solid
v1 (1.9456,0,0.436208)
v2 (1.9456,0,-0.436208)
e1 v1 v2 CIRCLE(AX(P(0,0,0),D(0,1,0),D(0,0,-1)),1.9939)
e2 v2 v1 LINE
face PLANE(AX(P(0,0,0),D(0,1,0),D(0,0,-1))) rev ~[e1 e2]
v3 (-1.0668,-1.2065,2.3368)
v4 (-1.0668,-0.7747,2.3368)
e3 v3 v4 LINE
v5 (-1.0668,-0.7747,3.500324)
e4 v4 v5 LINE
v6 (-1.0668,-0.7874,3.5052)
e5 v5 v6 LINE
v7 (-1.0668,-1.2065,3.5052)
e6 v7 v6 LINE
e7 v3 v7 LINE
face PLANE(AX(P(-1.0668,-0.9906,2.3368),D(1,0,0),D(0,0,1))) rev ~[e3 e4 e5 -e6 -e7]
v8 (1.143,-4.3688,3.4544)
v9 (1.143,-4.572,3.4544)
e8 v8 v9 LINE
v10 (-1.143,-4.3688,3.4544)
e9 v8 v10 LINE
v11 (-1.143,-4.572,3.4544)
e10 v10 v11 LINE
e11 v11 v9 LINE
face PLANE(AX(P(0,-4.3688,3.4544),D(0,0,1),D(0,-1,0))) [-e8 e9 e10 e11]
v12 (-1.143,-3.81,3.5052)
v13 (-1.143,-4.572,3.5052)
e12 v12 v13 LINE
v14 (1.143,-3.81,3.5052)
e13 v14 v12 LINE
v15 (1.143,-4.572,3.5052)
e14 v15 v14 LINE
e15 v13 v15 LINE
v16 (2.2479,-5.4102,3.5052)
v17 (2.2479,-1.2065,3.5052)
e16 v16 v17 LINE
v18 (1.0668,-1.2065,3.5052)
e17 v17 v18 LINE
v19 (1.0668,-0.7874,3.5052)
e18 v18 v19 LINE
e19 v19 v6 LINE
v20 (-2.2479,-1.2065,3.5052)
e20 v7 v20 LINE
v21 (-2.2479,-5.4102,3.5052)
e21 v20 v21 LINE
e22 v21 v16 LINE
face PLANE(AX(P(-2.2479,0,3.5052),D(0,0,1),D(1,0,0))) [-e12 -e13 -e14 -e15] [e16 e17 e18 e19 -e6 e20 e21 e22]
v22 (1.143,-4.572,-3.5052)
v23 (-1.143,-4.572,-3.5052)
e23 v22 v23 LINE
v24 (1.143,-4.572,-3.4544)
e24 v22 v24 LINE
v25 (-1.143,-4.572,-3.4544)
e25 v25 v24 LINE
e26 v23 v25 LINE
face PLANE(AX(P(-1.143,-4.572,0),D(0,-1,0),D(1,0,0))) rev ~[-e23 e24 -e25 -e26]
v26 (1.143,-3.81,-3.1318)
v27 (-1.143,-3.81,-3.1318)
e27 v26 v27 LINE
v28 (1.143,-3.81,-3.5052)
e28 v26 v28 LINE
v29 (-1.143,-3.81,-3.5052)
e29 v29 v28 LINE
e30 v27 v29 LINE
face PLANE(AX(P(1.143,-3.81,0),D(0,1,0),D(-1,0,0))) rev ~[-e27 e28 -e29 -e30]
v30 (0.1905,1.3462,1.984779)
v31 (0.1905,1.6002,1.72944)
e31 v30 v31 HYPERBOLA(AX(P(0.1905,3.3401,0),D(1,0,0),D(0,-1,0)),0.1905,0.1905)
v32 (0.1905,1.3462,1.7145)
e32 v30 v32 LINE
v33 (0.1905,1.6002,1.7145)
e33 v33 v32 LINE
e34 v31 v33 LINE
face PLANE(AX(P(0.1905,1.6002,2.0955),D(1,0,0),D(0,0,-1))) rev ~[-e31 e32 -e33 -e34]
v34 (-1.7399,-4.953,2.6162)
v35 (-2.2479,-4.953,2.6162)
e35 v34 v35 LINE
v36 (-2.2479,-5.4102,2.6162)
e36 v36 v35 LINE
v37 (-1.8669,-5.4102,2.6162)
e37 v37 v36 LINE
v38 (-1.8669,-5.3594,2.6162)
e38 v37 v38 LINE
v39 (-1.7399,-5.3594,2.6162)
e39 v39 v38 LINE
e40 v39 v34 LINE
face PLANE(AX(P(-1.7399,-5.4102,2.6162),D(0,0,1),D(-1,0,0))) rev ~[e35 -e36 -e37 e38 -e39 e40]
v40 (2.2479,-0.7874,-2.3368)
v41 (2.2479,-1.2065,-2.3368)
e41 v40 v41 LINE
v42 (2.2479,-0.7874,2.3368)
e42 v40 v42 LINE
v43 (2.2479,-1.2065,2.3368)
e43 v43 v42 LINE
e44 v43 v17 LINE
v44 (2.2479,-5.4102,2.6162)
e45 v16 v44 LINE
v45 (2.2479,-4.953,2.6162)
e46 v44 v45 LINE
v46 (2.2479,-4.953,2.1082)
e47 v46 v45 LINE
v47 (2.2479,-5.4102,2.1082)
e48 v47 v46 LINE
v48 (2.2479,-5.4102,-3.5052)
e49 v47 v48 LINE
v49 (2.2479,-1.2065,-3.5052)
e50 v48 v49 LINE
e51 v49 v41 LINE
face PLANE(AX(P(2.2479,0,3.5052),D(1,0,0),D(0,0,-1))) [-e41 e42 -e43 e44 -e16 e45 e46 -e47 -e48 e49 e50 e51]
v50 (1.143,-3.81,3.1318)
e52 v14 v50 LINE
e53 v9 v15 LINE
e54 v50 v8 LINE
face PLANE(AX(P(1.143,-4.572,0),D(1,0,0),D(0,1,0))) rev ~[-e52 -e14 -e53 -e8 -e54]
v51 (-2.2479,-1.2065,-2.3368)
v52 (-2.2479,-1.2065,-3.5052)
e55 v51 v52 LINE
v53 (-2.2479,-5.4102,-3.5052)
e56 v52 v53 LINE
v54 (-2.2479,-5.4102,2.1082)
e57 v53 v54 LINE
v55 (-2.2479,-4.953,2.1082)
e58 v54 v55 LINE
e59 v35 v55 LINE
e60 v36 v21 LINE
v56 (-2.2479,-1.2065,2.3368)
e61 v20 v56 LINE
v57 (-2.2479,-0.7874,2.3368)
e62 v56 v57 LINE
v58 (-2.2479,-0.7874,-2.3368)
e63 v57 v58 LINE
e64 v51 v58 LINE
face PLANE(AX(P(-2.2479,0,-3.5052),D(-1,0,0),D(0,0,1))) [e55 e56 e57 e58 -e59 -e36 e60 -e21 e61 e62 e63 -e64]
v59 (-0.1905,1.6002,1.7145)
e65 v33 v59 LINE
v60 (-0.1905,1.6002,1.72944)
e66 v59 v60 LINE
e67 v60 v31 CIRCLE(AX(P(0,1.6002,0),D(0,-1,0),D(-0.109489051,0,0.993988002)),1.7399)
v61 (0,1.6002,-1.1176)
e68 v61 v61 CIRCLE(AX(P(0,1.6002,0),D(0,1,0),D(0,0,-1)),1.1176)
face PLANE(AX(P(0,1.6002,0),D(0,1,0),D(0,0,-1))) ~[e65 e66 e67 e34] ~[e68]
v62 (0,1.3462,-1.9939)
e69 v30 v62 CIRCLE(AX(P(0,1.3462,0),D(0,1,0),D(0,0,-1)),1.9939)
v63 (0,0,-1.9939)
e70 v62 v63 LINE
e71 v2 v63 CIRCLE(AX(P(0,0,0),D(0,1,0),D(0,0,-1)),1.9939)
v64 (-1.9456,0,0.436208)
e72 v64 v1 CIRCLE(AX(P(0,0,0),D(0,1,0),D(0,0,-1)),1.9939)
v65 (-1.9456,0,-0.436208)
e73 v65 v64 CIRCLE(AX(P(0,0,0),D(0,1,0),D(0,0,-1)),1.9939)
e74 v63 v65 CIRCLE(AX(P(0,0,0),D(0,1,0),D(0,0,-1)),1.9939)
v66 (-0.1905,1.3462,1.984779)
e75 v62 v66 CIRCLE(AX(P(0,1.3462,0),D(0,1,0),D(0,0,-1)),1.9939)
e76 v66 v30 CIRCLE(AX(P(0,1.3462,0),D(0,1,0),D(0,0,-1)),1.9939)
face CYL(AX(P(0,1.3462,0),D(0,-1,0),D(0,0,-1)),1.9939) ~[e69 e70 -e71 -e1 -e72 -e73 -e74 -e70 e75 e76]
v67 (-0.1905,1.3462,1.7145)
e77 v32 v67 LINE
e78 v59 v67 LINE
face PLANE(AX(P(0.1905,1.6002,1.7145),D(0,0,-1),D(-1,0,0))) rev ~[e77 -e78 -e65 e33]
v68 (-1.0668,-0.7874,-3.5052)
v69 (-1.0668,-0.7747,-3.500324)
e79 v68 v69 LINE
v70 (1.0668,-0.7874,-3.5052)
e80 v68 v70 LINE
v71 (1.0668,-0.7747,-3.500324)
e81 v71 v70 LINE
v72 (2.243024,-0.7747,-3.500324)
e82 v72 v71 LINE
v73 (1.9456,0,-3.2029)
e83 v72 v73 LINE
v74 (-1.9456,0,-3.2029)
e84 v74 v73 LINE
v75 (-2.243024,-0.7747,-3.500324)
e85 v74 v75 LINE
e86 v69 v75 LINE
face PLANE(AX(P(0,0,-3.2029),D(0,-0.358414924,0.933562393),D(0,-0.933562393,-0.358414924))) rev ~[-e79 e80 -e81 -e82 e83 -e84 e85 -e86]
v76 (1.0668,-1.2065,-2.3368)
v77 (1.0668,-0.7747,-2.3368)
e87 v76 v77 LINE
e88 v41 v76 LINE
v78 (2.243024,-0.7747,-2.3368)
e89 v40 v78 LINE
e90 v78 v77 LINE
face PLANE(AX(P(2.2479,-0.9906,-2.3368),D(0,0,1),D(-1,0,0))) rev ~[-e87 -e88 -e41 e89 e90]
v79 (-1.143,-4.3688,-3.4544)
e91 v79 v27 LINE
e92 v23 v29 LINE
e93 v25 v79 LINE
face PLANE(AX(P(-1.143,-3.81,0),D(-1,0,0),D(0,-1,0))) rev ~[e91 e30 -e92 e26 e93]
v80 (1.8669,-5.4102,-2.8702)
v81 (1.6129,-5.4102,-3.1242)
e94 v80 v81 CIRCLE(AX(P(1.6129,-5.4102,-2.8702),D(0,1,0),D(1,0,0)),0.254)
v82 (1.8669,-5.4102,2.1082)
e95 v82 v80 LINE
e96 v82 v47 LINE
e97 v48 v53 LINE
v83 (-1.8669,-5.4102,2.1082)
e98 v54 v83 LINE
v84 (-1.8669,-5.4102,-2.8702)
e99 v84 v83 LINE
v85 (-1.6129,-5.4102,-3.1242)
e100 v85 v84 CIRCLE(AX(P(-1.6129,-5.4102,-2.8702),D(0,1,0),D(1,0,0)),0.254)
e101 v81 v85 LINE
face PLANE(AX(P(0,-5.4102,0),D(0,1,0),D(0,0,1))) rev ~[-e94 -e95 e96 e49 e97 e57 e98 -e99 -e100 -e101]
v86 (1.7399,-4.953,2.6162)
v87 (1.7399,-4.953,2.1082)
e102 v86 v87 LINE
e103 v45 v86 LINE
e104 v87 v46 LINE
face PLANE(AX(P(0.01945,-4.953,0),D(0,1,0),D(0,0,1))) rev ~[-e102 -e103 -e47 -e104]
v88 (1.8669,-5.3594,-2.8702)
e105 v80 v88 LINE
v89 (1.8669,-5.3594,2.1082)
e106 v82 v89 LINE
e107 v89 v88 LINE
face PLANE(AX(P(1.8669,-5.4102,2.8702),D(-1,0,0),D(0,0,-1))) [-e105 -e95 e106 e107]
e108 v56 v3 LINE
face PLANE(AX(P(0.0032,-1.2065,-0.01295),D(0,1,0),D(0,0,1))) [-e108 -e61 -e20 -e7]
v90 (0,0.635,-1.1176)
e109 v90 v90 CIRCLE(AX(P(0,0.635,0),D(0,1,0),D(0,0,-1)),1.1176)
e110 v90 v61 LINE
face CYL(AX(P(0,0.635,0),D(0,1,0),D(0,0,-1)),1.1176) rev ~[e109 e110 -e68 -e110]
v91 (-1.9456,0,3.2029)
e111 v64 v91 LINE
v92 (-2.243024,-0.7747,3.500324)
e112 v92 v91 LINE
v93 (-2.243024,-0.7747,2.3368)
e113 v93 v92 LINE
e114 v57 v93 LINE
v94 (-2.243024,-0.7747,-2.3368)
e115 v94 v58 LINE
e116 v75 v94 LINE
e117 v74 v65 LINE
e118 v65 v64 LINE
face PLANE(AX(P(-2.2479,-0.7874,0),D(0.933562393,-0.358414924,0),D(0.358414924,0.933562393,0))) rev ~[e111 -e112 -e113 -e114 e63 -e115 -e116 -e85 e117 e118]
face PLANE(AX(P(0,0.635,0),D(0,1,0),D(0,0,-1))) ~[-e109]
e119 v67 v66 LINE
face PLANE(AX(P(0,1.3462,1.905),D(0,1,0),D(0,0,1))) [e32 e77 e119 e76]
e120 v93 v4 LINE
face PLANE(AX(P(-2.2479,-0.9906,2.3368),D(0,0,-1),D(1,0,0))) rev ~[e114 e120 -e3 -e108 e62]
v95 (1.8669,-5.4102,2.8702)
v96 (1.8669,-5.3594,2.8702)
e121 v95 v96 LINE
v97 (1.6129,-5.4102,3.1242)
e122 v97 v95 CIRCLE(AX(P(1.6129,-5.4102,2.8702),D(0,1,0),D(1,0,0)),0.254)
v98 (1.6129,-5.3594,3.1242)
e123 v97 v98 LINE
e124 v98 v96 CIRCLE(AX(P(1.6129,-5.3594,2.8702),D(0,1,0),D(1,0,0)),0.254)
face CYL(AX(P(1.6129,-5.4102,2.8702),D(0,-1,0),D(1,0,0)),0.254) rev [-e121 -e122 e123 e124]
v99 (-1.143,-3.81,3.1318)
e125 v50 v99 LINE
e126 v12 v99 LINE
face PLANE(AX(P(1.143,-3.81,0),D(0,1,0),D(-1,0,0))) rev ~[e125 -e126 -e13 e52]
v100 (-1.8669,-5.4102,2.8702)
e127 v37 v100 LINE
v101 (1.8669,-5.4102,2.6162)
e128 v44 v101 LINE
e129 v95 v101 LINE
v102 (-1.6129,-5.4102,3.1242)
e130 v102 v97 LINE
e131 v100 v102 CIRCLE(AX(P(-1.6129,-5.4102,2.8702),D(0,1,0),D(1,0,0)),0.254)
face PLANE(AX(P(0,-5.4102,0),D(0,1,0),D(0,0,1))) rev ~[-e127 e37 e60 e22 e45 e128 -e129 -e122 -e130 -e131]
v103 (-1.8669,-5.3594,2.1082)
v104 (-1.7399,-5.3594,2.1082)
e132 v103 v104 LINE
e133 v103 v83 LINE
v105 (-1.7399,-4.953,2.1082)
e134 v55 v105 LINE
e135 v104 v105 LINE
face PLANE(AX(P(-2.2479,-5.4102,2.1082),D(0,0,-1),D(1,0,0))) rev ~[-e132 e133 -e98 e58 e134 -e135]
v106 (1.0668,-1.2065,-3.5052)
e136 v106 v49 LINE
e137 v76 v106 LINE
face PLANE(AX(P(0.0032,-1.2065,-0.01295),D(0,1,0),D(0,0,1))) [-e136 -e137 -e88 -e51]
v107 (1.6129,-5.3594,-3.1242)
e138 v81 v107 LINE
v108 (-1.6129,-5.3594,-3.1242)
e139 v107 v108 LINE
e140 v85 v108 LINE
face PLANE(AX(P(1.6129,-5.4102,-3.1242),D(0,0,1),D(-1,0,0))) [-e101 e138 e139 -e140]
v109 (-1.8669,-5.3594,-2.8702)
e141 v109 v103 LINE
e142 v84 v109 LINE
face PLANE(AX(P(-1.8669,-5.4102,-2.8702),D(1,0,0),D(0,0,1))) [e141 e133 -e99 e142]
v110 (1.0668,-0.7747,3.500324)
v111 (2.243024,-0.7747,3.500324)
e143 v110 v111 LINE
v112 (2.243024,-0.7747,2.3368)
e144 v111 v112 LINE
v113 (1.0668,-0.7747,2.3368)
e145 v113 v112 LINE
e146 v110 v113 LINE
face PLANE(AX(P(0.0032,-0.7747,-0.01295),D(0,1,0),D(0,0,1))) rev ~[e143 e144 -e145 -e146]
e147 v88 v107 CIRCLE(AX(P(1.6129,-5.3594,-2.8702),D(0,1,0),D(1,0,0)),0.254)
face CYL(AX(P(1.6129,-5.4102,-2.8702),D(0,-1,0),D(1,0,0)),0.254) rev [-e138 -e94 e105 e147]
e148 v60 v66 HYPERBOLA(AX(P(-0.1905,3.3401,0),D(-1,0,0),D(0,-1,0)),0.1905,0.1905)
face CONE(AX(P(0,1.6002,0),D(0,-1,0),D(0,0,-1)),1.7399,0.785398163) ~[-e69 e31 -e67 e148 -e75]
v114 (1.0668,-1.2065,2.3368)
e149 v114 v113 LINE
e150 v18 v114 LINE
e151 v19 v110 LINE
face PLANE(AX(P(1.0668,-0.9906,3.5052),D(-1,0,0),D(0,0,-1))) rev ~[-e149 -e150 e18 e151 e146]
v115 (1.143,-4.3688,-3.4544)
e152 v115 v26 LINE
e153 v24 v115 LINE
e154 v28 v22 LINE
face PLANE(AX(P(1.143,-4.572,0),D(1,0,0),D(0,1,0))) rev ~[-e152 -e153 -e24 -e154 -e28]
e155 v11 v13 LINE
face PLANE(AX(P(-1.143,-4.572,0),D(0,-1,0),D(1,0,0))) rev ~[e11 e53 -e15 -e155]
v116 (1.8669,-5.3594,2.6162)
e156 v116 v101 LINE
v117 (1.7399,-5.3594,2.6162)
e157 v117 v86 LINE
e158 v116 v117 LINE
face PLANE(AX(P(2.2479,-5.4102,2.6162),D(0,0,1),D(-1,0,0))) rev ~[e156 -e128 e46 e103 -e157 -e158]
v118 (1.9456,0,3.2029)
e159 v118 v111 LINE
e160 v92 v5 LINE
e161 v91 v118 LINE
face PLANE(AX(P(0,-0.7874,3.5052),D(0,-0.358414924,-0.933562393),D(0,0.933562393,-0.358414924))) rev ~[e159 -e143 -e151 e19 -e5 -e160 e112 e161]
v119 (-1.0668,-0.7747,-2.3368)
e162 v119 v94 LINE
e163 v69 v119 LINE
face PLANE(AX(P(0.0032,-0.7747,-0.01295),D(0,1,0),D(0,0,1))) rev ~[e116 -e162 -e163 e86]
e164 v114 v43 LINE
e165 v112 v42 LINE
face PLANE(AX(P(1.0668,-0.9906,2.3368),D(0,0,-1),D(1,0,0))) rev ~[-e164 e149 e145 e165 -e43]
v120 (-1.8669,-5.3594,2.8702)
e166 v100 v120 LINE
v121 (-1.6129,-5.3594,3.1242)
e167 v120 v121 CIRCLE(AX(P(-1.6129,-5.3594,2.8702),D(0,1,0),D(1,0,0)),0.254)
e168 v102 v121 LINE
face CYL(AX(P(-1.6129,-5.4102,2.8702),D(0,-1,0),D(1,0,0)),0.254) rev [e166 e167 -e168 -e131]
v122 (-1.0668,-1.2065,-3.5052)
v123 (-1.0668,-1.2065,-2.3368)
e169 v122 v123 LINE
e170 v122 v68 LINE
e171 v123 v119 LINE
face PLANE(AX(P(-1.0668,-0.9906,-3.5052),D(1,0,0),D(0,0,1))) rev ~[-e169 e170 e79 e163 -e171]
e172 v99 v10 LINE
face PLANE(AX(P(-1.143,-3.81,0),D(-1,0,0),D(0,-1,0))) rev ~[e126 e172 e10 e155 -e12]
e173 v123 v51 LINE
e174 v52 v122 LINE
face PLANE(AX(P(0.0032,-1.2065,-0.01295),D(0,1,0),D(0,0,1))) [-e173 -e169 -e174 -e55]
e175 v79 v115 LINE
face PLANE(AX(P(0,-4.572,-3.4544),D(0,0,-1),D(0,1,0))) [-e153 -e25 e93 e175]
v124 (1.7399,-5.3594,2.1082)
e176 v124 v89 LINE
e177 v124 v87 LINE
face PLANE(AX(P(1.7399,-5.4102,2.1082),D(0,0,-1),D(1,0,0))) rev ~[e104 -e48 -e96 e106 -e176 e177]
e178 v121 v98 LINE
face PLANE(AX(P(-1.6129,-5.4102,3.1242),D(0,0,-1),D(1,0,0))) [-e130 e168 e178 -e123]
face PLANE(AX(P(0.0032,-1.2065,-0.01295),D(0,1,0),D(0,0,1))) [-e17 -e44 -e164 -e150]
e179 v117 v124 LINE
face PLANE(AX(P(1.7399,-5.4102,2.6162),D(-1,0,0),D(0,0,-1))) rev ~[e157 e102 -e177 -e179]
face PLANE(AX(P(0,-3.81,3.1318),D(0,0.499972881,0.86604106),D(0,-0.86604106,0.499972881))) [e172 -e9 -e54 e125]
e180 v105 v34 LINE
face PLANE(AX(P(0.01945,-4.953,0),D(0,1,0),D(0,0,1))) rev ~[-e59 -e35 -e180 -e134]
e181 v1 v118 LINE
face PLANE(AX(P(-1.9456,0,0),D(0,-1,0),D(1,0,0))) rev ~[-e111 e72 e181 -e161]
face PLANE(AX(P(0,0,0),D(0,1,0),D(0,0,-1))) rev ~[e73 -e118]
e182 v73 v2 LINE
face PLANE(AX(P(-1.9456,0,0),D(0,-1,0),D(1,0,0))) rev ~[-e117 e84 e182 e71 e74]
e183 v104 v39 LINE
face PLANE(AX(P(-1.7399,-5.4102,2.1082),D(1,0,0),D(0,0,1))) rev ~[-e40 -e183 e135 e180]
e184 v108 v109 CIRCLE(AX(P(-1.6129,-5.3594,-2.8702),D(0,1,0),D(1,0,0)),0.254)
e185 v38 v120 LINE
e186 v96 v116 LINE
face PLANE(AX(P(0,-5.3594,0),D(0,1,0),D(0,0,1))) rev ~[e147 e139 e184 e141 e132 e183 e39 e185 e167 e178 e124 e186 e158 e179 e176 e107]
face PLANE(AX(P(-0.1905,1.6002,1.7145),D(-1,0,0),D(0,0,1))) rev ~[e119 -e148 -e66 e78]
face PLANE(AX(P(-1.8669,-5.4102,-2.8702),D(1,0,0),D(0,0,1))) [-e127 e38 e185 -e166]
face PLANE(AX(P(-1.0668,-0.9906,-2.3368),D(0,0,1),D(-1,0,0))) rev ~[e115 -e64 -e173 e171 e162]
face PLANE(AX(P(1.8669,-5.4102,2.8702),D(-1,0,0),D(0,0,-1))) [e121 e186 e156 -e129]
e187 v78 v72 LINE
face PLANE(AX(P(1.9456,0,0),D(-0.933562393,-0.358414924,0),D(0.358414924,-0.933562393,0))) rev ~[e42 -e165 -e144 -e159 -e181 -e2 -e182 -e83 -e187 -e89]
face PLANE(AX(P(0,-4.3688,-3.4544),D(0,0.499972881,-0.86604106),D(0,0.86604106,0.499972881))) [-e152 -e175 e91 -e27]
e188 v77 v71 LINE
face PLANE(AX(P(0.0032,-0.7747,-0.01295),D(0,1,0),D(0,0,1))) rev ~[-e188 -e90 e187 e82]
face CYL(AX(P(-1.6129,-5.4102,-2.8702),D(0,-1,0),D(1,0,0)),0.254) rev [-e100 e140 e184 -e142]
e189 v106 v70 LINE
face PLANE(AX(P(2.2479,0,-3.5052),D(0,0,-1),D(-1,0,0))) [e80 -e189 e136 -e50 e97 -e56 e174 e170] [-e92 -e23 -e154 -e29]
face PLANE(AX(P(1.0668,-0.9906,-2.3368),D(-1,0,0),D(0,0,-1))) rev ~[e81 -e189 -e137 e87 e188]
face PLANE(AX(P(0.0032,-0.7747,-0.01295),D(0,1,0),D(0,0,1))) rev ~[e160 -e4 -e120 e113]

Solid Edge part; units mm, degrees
sketch "Sketch1" plane through (0, 0, 0) normal (0, -1, 0) x (1, 0, 0)
  line L0 (-2.2479, 3.5052) -> (2.2479, 3.5052)
  line L1 (2.2479, 3.5052) -> (2.2479, -3.5052)
  line L2 (2.2479, -3.5052) -> (-2.2479, -3.5052)
  line L3 (-2.2479, -3.5052) -> (-2.2479, 3.5052)
extrude "Protrusion1" add sketch "Sketch1" along normal blind 5.4102
sketch "Sketch2" plane through (0, 0, 0) normal (0, 0, 1) x (1, 0, 0)
  line L0 (-2.2479, -0.7874) -> (-1.9456, 0)
  line L1 (-1.9456, 0) -> (1.9456, 0)
  line L2 (1.9456, 0) -> (2.2479, -0.7874)
  line L3 (2.2479, -0.7874) -> (2.2479, 0.127)
  line L4 (2.2479, 0.127) -> (-2.2479, 0.127)
  line L5 (-2.2479, 0.127) -> (-2.2479, -0.7874)
extrude "ExtrudedCutout_1" cut sketch "Sketch2" against normal blind 3.5052 and the other way blind 3.5052
sketch "Sketch3" plane through (0, 0, 0) normal (1, 0, 0) x (0, 1, 0)
  line L0 (-0.7874, 3.5052) -> (0, 3.2029)
  line L1 (0, 3.2029) -> (0, -3.2029)
  line L2 (0, -3.2029) -> (-0.7874, -3.5052)
  line L3 (-0.7874, -3.5052) -> (0.127, -3.5052)
  line L4 (0.127, -3.5052) -> (0.127, 3.5052)
  line L5 (0.127, 3.5052) -> (-0.7874, 3.5052)
extrude "ExtrudedCutout_2" cut sketch "Sketch3" against normal blind 2.2479 and the other way blind 2.2479
sketch "Sketch4" plane through (0, -0.9906, 0) normal (0, -1, 0) x (1, 0, 0)
  line L0 (-2.5256, -3.7556) -> (-2.5256, 3.7297)
  line L1 (-2.5256, 3.7297) -> (2.532, 3.7297)
  line L2 (2.532, 3.7297) -> (2.532, -3.7556)
  line L3 (2.532, -3.7556) -> (-2.5256, -3.7556)
  line L4 (-2.2479, -2.3368) -> (-2.2479, 2.3368)
  line L5 (-2.2479, 2.3368) -> (-1.0668, 2.3368)
  line L6 (-1.0668, 2.3368) -> (-1.0668, 3.5052)
  line L7 (-1.0668, 3.5052) -> (1.0668, 3.5052)
  line L8 (1.0668, 3.5052) -> (1.0668, 2.3368)
  line L9 (1.0668, 2.3368) -> (2.2479, 2.3368)
  line L10 (2.2479, 2.3368) -> (2.2479, -2.3368)
  line L11 (2.2479, -2.3368) -> (1.0668, -2.3368)
  line L12 (1.0668, -2.3368) -> (1.0668, -3.5052)
  line L13 (1.0668, -3.5052) -> (-1.0668, -3.5052)
  line L14 (-1.0668, -3.5052) -> (-1.0668, -2.3368)
  line L15 (-1.0668, -2.3368) -> (-2.2479, -2.3368)
extrude "ExtrudedCutout_3" cut sketch "Sketch4" against normal blind 0.2159 and the other way blind 0.2159
sketch "Sketch5" plane through (0, 0, 0) normal (1, 0, 0) x (0, 1, 0)
  line L0 (0.635, 0) -> (0.635, -1.1176)
  line L1 (0.635, -1.1176) -> (1.6002, -1.1176)
  line L2 (1.6002, -1.1176) -> (1.6002, -1.7399)
  line L3 (1.6002, -1.7399) -> (1.3462, -1.9939)
  line L4 (1.3462, -1.9939) -> (0, -1.9939)
  line L5 (0, -1.9939) -> (0, 0)
  line L6 (0, 0) -> (0.635, 0)
revolve "RevolvedProtrusion1" add sketch "Sketch5" angle 360 about axis through (0, 0, 0) along (0, 1, 0)
sketch "Sketch6" plane through (0, -5.4102, 0) normal (0, -1, 0) x (1, 0, 0)
  line L0 (-2.6354, -3.6285) -> (-2.6354, 3.6285)
  line L1 (-2.6354, 3.6285) -> (2.6743, 3.6285)
  line L2 (2.6743, 3.6285) -> (2.6743, -3.6285)
  line L3 (2.6743, -3.6285) -> (-2.6354, -3.6285)
  line L4 (-2.2479, 3.5052) -> (2.2479, 3.5052)
  line L5 (2.2479, 3.5052) -> (2.2479, 2.6162)
  line L6 (2.2479, 2.6162) -> (1.7399, 2.6162)
  line L7 (1.7399, 2.6162) -> (1.7399, 2.1082)
  line L8 (1.7399, 2.1082) -> (2.2479, 2.1082)
  line L9 (2.2479, 2.1082) -> (2.2479, -3.5052)
  line L10 (2.2479, -3.5052) -> (-2.2479, -3.5052)
  line L11 (-2.2479, -3.5052) -> (-2.2479, 2.1082)
  line L12 (-2.2479, 2.1082) -> (-1.7399, 2.1082)
  line L13 (-1.7399, 2.1082) -> (-1.7399, 2.6162)
  line L14 (-1.7399, 2.6162) -> (-2.2479, 2.6162)
  line L15 (-2.2479, 2.6162) -> (-2.2479, 3.5052)
extrude "ExtrudedCutout_4" cut sketch "Sketch6" against normal blind 0.4572
sketch "Sketch7" plane through (0, -5.4102, 0) normal (0, -1, 0) x (1, 0, 0)
  line L0 (-1.8669, -2.8702) -> (-1.8669, 2.8702)
  arc A0 (-1.8669, 2.8702) -> (-1.6129, 3.1242) centre (-1.6129, 2.8702) cw
  line L1 (-1.6129, 3.1242) -> (1.6129, 3.1242)
  arc A1 (1.6129, 3.1242) -> (1.8669, 2.8702) centre (1.6129, 2.8702) cw
  line L2 (1.8669, 2.8702) -> (1.8669, -2.8702)
  arc A2 (1.8669, -2.8702) -> (1.6129, -3.1242) centre (1.6129, -2.8702) cw
  line L3 (1.6129, -3.1242) -> (-1.6129, -3.1242)
  arc A3 (-1.6129, -3.1242) -> (-1.8669, -2.8702) centre (-1.6129, -2.8702) cw
extrude "ExtrudedCutout_5" cut sketch "Sketch7" against normal blind 0.0508
sketch "Sketch8" plane through (0, 1.6002, 0) normal (0, -1, 0) x (1, 0, 0)
  line L0 (-0.1905, 1.7145) -> (-0.1905, 2.0955)
  line L1 (-0.1905, 2.0955) -> (0.1905, 2.0955)
  line L2 (0.1905, 2.0955) -> (0.1905, 1.7145)
  line L3 (0.1905, 1.7145) -> (-0.1905, 1.7145)
extrude "ExtrudedCutout_6" cut sketch "Sketch8" along normal blind 0.254
sketch "Sketch9" plane through (0, 0, 0) normal (0, 0, 1) x (1, 0, 0)
  line L0 (-1.143, -3.81) -> (-1.143, -4.572)
  line L1 (-1.143, -4.572) -> (1.143, -4.572)
  line L2 (1.143, -4.572) -> (1.143, -3.81)
  line L3 (1.143, -3.81) -> (-1.143, -3.81)
extrude "ExtrudedCutout_7" cut sketch "Sketch9" against normal blind 7.62 and the other way blind 7.62
sketch "Sketch10" plane through (0, 0, 0) normal (1, 0, 0) x (0, 1, 0)
  line L0 (-4.3688, 3.4544) -> (-4.572, 3.4544)
  line L1 (-4.572, 3.4544) -> (-4.572, -3.4544)
  line L2 (-4.572, -3.4544) -> (-4.3688, -3.4544)
  line L3 (-4.3688, -3.4544) -> (-3.81, -3.1318)
  line L4 (-3.81, -3.1318) -> (-3.81, 3.1318)
  line L5 (-3.81, 3.1318) -> (-4.3688, 3.4544)
extrude "ExtrudedProtrusion_2" add sketch "Sketch10" against normal blind 1.143 and the other way blind 1.143
properties part number "GP-body"
